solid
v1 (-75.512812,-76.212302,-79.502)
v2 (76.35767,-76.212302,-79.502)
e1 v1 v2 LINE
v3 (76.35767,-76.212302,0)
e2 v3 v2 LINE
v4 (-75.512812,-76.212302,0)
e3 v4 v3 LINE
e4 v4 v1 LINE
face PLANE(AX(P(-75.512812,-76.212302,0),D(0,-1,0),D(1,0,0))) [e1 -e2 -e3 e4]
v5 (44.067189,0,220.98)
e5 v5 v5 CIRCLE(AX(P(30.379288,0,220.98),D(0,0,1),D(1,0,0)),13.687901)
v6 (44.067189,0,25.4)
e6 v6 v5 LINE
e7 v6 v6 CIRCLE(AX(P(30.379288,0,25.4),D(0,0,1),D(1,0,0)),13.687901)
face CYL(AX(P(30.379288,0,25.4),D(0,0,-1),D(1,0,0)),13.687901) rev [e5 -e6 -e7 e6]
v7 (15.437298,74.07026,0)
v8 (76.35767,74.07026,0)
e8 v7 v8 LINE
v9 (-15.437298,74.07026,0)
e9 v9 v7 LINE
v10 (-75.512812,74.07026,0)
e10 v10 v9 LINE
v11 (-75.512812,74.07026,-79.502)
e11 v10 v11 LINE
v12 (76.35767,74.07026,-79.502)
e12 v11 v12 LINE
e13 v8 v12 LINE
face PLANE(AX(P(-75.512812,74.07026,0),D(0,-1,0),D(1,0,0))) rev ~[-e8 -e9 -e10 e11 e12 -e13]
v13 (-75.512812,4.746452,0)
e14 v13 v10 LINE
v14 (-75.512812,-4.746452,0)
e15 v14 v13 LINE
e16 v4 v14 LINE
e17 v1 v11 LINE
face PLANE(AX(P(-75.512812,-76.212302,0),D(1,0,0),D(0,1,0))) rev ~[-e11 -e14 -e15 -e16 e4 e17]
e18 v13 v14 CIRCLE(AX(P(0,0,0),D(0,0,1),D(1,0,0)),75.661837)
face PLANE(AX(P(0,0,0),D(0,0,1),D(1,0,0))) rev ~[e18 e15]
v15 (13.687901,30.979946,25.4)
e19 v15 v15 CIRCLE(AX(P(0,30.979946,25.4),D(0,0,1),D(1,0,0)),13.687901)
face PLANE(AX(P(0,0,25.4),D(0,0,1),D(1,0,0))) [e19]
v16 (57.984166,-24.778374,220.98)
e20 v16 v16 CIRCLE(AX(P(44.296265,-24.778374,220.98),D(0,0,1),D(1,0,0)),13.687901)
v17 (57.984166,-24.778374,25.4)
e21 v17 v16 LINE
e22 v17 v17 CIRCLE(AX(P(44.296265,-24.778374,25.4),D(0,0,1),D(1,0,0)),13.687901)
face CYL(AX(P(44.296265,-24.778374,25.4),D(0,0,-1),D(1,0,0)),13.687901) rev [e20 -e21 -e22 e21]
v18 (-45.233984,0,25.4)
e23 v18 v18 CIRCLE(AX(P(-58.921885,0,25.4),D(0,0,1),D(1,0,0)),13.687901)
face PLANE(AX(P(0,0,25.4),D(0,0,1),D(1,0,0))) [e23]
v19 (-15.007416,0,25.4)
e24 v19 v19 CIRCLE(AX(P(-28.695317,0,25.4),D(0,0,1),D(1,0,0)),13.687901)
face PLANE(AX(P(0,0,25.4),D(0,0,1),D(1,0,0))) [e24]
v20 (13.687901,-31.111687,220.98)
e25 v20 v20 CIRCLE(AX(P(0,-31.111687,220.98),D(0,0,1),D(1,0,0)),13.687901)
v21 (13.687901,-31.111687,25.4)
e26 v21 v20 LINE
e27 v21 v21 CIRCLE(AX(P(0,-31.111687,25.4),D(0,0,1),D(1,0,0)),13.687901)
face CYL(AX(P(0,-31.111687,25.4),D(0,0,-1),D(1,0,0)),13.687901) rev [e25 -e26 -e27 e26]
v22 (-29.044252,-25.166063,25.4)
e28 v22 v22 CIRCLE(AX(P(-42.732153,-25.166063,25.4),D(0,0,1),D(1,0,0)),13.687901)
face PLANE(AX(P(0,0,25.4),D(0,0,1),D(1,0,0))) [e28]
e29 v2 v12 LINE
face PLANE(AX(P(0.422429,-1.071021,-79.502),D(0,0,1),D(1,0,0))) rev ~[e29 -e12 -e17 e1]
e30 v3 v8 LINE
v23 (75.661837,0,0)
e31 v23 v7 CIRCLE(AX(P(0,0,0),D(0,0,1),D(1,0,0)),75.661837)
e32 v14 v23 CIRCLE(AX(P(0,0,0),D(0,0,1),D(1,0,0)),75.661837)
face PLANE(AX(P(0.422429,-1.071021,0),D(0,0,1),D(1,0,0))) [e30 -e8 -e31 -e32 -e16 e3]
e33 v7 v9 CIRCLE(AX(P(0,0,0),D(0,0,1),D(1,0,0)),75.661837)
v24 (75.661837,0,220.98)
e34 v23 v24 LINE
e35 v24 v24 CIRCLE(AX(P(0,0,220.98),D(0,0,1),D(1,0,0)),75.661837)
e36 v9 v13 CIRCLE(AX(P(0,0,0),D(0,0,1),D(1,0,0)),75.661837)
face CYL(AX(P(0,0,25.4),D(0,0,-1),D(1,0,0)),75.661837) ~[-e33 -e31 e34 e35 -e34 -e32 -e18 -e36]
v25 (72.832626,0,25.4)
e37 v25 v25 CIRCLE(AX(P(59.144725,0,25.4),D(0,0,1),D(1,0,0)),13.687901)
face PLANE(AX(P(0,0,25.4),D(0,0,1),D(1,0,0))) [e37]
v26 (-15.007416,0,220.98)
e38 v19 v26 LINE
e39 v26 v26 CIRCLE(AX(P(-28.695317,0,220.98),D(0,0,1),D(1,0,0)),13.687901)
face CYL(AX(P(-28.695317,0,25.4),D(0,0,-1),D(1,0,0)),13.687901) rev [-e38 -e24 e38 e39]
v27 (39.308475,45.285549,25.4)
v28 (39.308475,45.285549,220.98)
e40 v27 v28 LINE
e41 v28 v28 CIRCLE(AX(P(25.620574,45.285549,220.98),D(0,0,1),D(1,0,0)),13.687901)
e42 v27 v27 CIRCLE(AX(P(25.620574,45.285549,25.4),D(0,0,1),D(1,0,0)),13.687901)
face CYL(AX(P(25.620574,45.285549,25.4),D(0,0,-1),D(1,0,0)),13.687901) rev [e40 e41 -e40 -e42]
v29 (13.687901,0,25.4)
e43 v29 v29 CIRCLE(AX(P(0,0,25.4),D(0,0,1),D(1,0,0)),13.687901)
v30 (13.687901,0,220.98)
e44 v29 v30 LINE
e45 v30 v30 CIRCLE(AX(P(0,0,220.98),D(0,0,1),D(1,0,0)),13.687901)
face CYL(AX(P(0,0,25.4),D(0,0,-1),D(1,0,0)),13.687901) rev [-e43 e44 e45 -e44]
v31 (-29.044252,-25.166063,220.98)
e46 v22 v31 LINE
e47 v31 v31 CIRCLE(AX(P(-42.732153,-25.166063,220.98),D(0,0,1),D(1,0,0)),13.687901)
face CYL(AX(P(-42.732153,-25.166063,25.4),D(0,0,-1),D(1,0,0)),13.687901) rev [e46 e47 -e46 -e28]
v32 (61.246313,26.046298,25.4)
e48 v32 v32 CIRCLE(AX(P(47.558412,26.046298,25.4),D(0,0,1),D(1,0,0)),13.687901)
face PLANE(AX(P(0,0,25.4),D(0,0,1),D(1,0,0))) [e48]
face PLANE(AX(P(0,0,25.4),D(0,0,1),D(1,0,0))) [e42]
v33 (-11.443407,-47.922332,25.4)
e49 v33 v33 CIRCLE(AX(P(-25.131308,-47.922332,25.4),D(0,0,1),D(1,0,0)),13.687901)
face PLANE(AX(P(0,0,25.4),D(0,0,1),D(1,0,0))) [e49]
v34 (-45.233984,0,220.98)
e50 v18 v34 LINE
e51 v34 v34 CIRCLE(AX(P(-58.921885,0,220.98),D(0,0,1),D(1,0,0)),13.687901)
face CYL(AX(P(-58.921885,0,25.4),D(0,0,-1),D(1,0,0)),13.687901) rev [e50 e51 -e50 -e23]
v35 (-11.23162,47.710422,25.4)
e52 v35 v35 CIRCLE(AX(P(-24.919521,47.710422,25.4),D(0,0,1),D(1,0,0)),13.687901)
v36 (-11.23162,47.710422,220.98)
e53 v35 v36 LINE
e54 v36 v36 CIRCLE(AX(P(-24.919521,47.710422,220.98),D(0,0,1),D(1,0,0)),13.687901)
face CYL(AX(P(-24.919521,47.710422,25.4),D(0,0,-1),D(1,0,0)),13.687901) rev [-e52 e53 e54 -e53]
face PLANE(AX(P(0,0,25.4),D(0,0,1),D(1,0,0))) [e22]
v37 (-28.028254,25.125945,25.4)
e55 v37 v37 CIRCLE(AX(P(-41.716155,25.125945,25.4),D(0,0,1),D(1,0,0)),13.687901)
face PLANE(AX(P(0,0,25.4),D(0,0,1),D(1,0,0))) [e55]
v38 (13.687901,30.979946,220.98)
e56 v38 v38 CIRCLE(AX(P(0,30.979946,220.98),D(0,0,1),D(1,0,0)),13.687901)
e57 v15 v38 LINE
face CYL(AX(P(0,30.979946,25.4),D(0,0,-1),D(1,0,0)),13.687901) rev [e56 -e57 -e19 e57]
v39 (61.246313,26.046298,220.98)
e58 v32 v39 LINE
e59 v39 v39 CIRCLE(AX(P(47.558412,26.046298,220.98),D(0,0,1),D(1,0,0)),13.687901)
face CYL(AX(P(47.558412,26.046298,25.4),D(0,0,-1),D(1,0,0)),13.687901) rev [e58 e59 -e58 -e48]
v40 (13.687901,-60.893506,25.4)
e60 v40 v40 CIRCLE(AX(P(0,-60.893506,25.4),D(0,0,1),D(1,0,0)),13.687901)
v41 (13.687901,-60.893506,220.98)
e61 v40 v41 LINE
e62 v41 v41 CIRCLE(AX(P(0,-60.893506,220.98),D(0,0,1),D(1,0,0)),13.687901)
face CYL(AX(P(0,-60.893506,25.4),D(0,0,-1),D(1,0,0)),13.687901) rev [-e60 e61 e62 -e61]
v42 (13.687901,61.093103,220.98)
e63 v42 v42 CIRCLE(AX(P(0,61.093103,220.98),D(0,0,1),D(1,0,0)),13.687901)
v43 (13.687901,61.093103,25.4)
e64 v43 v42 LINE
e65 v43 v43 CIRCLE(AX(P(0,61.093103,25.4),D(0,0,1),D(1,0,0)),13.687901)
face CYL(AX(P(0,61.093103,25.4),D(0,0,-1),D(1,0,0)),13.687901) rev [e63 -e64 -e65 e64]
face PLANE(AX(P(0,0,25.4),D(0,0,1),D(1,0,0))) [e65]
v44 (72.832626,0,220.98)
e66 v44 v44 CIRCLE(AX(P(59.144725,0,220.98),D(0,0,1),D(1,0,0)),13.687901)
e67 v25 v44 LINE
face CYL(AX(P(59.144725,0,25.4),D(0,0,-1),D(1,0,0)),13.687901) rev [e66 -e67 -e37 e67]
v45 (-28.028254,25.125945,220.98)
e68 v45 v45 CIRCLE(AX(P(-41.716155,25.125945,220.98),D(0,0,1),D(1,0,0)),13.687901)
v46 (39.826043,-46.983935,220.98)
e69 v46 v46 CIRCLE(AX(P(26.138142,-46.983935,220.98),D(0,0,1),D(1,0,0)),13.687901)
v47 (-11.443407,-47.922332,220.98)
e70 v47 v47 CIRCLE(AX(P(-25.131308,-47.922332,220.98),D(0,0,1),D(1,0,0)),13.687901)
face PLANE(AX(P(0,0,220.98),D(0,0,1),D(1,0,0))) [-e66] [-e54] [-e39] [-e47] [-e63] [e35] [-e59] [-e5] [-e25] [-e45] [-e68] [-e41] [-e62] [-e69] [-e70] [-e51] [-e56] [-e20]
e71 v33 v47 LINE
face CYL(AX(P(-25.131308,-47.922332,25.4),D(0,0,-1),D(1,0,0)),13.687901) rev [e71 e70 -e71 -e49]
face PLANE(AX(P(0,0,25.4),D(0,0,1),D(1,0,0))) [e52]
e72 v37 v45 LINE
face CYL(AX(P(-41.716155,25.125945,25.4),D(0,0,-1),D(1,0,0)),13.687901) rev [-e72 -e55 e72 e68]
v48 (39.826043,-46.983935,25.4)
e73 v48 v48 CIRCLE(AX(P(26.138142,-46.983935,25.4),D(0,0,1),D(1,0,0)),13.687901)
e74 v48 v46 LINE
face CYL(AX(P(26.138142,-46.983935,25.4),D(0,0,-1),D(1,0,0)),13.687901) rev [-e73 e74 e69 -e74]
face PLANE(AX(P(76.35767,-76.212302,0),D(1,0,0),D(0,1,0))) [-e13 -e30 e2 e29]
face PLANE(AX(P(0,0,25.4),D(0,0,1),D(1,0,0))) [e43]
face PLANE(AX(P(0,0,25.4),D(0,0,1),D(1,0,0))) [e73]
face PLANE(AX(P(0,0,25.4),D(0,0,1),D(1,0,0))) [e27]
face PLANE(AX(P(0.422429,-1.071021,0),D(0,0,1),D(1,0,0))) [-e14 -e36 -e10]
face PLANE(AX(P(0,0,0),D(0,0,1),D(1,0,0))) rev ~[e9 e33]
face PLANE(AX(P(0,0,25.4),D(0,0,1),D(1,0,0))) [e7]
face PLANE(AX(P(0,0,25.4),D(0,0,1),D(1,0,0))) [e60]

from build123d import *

# Parameters (mm, degrees)
F0_R     = 75.661837
F1_DEPTH = 25.4
F2_R     = 75.661837
F2_R_2   = 13.687901
F3_DEPTH = 195.58
F4_W     = 151.870482
F4_H     = 150.282562
F5_DEPTH = 79.502


with BuildPart() as f1:
    # F0 (on Top) → F1 (new body)
    with BuildSketch(Plane.XY):
        Circle(F0_R)
    extrude(amount=F1_DEPTH)

    # F2 (on face) → F3 (join)
    with BuildSketch(Plane.XY.offset(25.4)):
        Circle(F2_R)
        with Locations((-25.131308, -47.922332)):
            Circle(F2_R_2, mode=Mode.SUBTRACT)
        with Locations((-42.732153, -25.166063)):
            Circle(F2_R_2, mode=Mode.SUBTRACT)
        with Locations((0, -60.893506)):
            Circle(F2_R_2, mode=Mode.SUBTRACT)
        with Locations((26.138142, -46.983935)):
            Circle(F2_R_2, mode=Mode.SUBTRACT)
        with Locations((0, -31.111687)):
            Circle(F2_R_2, mode=Mode.SUBTRACT)
        with Locations((44.296265, -24.778374)):
            Circle(F2_R_2, mode=Mode.SUBTRACT)
        with Locations((-58.921885, 0)):
            Circle(F2_R_2, mode=Mode.SUBTRACT)
        with Locations((-41.716155, 25.125945)):
            Circle(F2_R_2, mode=Mode.SUBTRACT)
        with Locations((-28.695317, 0)):
            Circle(F2_R_2, mode=Mode.SUBTRACT)
        with Locations((-24.919521, 47.710422)):
            Circle(F2_R_2, mode=Mode.SUBTRACT)
        Circle(F2_R_2, mode=Mode.SUBTRACT)
        with Locations((30.379288, 0)):
            Circle(F2_R_2, mode=Mode.SUBTRACT)
        with Locations((0, 30.979946)):
            Circle(F2_R_2, mode=Mode.SUBTRACT)
        with Locations((59.144725, 0)):
            Circle(F2_R_2, mode=Mode.SUBTRACT)
        with Locations((47.558412, 26.046298)):
            Circle(F2_R_2, mode=Mode.SUBTRACT)
        with Locations((25.620574, 45.285549)):
            Circle(F2_R_2, mode=Mode.SUBTRACT)
        with Locations((0, 61.093103)):
            Circle(F2_R_2, mode=Mode.SUBTRACT)
    extrude(amount=F3_DEPTH)

    # F4 (on Top) → F5 (join)
    with BuildSketch(Plane.XY):
        with Locations((0.422429, -1.071021)):
            Rectangle(F4_W, F4_H)
    extrude(amount=-F5_DEPTH)


solid = f1.part
